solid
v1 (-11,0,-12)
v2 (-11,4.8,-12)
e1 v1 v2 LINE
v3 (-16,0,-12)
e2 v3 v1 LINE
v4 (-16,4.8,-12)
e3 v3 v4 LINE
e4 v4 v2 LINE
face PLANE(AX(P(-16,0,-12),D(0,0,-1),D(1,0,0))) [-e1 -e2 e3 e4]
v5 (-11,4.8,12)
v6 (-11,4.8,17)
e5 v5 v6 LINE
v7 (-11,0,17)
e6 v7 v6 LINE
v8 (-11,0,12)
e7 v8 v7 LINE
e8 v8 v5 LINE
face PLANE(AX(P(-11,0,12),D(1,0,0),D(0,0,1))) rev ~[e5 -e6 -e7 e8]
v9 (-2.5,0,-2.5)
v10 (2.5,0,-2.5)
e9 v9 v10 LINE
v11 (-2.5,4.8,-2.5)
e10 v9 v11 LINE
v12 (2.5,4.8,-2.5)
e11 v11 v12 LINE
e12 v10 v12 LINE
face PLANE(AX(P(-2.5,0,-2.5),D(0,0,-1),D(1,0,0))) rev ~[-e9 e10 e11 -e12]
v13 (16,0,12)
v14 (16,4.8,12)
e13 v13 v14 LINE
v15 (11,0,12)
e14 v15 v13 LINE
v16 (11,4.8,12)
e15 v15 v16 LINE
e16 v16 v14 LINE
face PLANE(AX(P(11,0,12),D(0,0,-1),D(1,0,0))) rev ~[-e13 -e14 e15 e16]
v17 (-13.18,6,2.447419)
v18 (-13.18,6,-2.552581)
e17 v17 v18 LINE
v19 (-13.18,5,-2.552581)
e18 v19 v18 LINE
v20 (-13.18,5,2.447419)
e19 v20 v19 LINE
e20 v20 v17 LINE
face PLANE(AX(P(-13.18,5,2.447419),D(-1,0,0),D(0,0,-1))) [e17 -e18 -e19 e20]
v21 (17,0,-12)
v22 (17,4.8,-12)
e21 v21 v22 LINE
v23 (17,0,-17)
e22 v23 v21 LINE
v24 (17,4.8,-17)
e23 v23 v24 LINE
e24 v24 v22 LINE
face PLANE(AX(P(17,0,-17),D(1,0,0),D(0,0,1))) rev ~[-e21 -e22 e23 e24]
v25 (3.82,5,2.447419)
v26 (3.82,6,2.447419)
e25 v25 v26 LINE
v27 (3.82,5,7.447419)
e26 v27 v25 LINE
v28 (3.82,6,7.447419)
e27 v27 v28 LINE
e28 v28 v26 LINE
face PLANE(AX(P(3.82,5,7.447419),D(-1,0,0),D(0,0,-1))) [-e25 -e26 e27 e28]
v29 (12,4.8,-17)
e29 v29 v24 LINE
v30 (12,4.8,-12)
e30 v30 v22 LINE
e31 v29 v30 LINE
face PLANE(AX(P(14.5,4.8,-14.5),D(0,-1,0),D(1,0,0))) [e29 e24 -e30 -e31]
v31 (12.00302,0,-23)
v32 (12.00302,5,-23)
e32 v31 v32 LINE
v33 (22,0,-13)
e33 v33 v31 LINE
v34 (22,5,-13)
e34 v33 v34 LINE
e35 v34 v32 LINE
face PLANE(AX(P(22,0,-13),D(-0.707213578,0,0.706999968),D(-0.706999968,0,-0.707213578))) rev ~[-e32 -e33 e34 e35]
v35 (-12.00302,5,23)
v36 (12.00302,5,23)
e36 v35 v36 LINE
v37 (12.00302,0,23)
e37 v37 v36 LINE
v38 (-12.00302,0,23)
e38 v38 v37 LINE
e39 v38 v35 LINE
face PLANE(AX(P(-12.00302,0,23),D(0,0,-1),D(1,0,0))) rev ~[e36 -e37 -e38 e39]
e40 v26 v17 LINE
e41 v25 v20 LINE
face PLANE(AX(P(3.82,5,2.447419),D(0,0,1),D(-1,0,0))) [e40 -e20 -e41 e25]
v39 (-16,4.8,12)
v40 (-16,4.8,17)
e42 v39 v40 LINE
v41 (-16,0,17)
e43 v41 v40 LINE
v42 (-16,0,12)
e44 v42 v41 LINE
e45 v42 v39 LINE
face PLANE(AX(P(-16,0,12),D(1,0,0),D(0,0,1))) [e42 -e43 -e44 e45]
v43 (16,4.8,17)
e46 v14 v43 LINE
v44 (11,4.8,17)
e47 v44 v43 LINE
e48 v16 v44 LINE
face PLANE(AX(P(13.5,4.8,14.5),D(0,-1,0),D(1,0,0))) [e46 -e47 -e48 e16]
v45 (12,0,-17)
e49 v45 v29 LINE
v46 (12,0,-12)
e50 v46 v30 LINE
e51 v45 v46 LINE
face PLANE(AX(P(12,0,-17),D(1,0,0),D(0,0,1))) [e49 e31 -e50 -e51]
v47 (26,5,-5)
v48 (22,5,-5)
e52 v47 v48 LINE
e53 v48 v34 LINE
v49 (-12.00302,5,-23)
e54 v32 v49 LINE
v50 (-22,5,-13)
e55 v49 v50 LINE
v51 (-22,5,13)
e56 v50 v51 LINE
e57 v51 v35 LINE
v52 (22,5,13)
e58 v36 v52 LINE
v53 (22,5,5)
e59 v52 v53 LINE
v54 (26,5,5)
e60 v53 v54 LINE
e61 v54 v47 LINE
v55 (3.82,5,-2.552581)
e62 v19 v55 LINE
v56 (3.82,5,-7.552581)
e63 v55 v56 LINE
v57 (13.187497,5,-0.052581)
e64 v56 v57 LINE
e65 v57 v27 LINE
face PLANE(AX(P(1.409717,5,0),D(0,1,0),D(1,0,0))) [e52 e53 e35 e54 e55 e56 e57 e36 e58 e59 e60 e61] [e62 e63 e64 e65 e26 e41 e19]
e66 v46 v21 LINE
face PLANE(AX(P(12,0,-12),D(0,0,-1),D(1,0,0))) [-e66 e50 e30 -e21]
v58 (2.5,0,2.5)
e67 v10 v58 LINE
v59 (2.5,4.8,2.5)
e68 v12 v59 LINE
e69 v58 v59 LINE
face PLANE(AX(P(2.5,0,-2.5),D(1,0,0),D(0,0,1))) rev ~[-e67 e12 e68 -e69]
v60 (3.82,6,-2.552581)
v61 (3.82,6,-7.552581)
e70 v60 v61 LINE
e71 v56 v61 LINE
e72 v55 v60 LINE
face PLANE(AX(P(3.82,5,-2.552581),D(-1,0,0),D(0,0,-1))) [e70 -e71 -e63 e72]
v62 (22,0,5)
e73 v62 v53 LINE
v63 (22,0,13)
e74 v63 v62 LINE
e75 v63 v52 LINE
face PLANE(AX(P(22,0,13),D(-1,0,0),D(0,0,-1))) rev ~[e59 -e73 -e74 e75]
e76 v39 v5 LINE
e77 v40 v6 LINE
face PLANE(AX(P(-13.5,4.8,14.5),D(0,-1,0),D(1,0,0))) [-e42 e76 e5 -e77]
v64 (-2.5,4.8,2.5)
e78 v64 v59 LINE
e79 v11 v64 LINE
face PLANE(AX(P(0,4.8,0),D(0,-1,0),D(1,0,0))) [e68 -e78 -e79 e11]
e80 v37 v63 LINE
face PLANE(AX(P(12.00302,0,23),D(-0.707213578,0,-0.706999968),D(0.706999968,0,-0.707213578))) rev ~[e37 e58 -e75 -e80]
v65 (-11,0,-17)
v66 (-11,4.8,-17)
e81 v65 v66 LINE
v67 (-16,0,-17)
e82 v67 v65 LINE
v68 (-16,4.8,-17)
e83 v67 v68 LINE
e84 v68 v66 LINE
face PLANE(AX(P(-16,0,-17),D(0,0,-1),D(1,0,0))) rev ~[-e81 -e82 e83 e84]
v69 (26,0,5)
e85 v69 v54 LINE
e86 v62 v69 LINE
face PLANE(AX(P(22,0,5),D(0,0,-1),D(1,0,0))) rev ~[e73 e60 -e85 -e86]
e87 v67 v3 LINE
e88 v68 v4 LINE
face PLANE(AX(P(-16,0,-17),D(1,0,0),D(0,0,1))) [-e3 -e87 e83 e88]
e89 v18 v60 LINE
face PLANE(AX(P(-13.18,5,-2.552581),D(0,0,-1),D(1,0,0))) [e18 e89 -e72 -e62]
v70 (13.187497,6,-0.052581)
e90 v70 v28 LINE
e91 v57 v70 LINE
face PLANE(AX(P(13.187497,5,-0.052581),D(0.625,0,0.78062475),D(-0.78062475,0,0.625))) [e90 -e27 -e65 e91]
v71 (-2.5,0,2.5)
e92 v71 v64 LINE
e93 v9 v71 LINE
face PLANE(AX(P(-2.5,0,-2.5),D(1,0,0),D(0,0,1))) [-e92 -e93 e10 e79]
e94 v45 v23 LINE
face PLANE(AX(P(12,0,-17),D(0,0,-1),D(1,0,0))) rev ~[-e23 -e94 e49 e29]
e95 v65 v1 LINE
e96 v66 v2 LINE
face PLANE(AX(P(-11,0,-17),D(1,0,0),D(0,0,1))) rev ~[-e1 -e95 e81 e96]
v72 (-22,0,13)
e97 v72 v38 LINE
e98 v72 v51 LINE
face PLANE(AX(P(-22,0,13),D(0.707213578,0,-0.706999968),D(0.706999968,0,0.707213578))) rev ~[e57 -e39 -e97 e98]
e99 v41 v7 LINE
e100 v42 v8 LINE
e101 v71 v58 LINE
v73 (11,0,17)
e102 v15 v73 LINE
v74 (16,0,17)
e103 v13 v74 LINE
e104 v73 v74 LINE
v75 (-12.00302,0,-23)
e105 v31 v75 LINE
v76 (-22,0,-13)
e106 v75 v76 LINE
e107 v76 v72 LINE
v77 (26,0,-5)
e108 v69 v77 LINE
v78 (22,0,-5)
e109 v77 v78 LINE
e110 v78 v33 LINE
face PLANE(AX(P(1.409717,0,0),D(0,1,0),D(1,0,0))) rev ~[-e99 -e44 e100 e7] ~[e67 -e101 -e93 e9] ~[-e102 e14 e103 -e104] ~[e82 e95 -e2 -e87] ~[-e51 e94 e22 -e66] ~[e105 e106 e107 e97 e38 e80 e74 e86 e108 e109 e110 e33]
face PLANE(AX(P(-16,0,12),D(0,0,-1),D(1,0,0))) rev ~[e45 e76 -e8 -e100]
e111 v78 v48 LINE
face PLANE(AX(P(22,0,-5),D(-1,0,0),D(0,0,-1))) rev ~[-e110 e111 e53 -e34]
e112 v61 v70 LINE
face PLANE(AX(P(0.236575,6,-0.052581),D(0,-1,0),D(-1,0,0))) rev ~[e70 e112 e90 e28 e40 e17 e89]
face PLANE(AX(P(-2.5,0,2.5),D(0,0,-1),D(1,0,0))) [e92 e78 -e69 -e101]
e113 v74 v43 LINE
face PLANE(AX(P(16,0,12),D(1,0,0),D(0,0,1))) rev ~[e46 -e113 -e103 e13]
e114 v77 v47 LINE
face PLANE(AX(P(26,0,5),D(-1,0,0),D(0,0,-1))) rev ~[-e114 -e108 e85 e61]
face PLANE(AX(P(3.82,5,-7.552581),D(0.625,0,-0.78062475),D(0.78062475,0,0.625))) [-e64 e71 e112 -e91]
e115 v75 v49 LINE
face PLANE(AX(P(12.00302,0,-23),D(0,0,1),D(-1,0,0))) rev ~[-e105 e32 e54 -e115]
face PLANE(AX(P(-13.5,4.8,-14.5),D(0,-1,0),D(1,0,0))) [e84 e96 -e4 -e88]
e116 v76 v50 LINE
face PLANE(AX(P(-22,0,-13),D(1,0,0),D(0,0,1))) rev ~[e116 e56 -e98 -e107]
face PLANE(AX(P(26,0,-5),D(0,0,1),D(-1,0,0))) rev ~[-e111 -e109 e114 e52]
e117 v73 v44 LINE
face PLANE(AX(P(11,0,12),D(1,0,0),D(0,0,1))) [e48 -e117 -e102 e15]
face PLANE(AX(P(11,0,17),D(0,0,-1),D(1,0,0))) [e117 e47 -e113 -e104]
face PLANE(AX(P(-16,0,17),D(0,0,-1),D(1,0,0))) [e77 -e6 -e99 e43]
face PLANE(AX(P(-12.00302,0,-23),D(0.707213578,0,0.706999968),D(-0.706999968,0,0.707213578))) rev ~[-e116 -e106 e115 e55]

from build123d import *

# Parameters (mm, degrees)
BOSS_EXTRU_1_DEPTH      = 5
BOSS_EXTRU_2_DEPTH      = 1
ESQUISSE3_W             = 5
ESQUISSE3_H             = 5
ENL_V_MAT_EXTRU_1_DEPTH = 4.8


with BuildPart() as part:
    # Esquisse1 → Boss.-Extru.1 (new body)
    with BuildSketch(Plane(origin=(0, 0, 0), x_dir=(1, 0, 0), z_dir=(0, 1, 0))):
        Polygon((22, 13), (12.003020456, 23), (-12.003020456, 23), (-22, 13), (-22, -13), (-12.003020456, -23), (12.003020456, -23), (22, -13), (22, -5), (26, -5), (26, 5), (22, 5), align=None)
    extrude(amount=BOSS_EXTRU_1_DEPTH)

    # Esquisse2 → Boss.-Extru.2 (add)
    with BuildSketch(Plane(origin=(0, 5, 0), x_dir=(1, 0, 0), z_dir=(0, 1, 0))):
        Polygon((3.82, 2.552581319), (3.82, 7.552581319), (13.187496998, 0.052581319), (3.82, -7.447418681), (3.82, -2.447418681), (-13.18, -2.447418681), (-13.18, 2.552581319), align=None)
    extrude(amount=BOSS_EXTRU_2_DEPTH)

    # Esquisse3 → Enlèv. mat.-Extru.1 (cut)
    with BuildSketch(Plane.XZ):
        with Locations((-13.5, 14.5)):
            Rectangle(ESQUISSE3_W, ESQUISSE3_H)
        with Locations((-13.5, -14.5)):
            Rectangle(ESQUISSE3_W, ESQUISSE3_H)
        with Locations((14.5, -14.5)):
            Rectangle(ESQUISSE3_W, ESQUISSE3_H)
        with Locations((13.5, 14.5)):
            Rectangle(ESQUISSE3_W, ESQUISSE3_H)
        Rectangle(ESQUISSE3_W, ESQUISSE3_H)
    extrude(amount=-ENL_V_MAT_EXTRU_1_DEPTH, mode=Mode.SUBTRACT)


solid = part.part
